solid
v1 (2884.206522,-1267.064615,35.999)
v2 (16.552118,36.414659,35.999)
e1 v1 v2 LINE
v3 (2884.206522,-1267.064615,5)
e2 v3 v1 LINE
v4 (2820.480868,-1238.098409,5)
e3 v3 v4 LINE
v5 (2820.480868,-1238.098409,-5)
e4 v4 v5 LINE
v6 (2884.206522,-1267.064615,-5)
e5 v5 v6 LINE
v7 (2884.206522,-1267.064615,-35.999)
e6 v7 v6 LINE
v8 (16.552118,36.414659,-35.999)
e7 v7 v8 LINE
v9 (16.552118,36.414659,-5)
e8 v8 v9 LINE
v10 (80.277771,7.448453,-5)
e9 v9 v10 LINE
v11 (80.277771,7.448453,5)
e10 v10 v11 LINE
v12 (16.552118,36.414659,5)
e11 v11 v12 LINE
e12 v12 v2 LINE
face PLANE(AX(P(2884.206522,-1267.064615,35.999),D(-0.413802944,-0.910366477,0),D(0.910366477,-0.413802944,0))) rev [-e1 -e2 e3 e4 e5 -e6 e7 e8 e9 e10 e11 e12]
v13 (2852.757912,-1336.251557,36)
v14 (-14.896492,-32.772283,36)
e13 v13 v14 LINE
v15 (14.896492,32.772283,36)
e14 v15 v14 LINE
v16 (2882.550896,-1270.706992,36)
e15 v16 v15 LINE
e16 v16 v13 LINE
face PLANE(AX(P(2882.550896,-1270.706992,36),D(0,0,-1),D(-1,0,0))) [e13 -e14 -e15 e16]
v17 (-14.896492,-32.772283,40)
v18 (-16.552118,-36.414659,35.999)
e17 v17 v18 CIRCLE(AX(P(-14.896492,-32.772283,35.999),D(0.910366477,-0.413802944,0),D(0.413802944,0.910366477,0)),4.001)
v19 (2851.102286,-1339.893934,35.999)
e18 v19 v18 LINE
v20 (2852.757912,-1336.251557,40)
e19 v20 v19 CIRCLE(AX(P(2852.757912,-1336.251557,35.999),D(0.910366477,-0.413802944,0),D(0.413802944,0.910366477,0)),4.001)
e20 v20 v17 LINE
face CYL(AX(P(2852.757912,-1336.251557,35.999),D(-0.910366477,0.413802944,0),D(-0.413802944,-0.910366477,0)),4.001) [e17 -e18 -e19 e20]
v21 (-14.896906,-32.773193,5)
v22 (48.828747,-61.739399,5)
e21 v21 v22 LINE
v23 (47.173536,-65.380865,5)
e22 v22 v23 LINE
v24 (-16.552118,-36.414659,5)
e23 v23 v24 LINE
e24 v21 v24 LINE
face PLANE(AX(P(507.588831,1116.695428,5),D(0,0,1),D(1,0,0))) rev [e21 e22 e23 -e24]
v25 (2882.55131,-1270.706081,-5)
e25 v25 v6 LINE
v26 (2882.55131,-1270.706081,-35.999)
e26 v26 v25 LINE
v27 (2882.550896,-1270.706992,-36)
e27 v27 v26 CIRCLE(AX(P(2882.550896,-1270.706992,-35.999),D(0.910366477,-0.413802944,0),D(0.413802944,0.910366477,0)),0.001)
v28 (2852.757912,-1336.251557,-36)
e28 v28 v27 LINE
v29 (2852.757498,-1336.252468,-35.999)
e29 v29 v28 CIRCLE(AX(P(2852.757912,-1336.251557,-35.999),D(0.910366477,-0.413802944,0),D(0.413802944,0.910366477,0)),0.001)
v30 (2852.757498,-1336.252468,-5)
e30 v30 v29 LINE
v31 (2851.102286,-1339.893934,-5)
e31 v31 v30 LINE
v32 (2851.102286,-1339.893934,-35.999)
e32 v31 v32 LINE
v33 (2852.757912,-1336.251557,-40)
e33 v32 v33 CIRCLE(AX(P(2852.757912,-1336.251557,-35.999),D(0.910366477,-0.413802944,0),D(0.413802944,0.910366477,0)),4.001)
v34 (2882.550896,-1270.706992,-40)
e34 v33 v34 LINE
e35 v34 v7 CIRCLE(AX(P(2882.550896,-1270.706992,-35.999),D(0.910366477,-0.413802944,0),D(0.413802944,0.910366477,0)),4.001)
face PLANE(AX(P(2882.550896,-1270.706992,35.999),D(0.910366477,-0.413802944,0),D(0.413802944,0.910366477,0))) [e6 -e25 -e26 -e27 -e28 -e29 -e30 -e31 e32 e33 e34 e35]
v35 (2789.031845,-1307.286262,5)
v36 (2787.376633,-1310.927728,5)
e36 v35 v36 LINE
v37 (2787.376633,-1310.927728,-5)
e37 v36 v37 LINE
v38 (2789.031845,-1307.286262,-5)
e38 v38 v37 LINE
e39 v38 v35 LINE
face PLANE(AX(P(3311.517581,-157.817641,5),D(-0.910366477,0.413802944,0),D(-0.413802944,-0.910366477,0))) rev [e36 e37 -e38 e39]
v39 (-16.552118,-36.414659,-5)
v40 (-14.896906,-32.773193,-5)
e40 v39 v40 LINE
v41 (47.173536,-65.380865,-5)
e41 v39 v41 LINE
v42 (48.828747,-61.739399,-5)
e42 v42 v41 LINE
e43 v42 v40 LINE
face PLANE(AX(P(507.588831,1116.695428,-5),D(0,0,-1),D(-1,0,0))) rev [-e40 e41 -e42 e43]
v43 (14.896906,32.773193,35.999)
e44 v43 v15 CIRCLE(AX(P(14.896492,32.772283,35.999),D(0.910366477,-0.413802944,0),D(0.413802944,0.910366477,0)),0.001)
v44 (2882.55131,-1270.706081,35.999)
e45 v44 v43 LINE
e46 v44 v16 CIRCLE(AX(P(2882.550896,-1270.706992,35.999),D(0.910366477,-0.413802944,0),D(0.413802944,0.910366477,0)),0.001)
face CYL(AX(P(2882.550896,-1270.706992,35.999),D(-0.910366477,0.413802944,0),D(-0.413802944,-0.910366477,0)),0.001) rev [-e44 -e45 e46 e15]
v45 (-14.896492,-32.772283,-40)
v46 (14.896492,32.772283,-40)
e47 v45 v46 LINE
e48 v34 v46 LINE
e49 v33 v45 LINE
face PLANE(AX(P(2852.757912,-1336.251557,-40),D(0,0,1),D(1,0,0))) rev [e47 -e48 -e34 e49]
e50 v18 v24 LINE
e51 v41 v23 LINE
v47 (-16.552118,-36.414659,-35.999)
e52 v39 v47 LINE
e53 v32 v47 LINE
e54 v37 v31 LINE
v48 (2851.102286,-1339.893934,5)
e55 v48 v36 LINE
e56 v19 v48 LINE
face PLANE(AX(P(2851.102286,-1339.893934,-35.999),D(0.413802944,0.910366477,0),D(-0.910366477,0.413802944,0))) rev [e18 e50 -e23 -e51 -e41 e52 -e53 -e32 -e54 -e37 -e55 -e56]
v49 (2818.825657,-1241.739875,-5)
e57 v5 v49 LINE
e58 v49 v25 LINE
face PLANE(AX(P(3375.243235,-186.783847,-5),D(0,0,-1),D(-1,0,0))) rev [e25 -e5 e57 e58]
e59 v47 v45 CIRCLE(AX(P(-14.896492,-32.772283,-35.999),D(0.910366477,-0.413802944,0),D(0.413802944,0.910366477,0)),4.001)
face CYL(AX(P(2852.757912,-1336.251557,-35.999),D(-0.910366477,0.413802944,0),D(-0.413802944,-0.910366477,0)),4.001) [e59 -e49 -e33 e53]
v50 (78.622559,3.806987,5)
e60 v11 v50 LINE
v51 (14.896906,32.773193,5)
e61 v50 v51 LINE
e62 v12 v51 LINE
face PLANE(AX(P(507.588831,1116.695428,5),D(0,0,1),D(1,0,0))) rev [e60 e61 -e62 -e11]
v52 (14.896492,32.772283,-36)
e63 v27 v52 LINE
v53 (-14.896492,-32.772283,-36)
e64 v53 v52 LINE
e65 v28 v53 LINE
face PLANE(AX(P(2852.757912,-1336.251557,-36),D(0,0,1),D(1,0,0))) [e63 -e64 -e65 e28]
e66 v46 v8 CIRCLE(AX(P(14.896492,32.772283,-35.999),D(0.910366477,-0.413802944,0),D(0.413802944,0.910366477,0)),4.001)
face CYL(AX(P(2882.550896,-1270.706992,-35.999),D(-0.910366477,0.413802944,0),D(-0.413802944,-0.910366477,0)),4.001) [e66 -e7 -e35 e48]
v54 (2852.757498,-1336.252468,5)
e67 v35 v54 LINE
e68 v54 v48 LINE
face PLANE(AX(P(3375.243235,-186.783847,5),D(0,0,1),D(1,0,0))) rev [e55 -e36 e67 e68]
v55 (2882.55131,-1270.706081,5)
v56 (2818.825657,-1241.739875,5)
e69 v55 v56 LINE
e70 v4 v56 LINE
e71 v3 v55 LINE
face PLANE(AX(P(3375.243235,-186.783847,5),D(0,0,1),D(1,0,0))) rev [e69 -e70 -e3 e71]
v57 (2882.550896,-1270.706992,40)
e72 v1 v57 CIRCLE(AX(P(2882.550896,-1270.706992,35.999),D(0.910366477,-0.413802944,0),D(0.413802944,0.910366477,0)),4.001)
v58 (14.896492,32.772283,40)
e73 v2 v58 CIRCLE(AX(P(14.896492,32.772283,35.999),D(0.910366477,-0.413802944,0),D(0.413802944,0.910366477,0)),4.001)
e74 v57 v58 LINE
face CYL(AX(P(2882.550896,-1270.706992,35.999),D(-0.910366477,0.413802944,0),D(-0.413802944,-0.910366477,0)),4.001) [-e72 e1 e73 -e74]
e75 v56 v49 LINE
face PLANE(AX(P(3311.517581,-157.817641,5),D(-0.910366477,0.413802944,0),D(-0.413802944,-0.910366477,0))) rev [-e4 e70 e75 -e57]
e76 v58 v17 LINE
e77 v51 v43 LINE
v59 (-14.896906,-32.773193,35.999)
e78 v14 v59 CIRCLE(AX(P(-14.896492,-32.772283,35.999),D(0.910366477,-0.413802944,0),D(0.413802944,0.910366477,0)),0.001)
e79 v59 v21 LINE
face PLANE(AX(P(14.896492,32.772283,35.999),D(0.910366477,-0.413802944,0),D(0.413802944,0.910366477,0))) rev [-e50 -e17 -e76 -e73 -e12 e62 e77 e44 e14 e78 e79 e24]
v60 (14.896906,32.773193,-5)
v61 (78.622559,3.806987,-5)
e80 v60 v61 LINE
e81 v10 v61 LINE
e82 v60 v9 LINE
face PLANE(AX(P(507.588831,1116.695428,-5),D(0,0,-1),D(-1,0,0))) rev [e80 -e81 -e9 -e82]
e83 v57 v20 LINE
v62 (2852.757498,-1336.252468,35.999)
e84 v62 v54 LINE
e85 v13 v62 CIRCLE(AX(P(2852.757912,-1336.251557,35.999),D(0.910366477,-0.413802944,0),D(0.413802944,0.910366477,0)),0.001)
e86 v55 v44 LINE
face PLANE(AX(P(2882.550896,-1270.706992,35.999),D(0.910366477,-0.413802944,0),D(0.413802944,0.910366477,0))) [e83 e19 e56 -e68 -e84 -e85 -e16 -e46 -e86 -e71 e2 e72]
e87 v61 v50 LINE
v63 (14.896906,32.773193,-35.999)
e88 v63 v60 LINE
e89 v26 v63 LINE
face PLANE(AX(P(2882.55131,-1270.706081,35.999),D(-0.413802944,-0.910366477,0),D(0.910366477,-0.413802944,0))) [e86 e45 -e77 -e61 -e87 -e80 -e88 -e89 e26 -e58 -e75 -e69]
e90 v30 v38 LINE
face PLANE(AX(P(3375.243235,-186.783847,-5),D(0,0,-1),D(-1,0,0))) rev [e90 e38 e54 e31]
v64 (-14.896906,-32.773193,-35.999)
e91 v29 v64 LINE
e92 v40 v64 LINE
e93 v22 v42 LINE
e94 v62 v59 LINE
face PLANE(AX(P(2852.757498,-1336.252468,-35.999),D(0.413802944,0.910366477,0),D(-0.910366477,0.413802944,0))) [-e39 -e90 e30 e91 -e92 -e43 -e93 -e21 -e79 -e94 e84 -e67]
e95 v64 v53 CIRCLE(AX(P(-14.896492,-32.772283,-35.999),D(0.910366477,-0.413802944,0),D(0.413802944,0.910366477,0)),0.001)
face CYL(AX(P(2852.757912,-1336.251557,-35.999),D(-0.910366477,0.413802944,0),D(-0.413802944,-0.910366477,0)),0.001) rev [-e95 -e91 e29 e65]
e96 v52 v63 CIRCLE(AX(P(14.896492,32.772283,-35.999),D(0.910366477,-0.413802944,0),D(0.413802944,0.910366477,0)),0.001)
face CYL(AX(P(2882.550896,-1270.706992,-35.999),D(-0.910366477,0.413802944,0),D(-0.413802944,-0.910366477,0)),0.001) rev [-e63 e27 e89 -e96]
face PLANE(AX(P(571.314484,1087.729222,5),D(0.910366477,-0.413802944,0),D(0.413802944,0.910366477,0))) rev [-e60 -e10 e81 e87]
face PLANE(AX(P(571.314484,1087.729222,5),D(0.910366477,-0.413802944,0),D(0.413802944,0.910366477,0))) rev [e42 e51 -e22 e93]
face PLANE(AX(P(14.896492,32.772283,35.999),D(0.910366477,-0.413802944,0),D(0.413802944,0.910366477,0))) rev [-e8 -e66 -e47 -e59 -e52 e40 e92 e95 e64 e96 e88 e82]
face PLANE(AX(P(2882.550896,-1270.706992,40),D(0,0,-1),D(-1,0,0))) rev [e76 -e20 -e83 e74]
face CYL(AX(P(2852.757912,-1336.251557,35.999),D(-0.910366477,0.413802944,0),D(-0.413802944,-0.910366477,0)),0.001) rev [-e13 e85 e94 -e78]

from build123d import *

# Parameters (mm, degrees)
F_8639_82_80_X_80_X_4_0_1_DEPTH = 3150
SKETCH_3_W                      = 70
SKETCH_3_H                      = 10
CUT_EXTRUDE_1_DEPTH             = 3181.418039206


with BuildPart() as part:
    # Sketch11 → Квадратная труба гост 8639-82 _80 X 80 X 4.0(1) (new body)
    with BuildSketch(Plane(origin=(0, 0, 0), x_dir=(0.413802944301184, 0.9103664774626047, 0), z_dir=(0.9103664774626047, -0.413802944301184, 0))):
        with BuildLine():
            Line((-35.999, -40), (35.999, -40))
            ThreePointArc((35.999, -40), (38.828134232, -38.828134232), (40, -35.999))
            Line((40, -35.999), (40, 35.999))
            ThreePointArc((40, 35.999), (38.828134232, 38.828134232), (35.999, 40))
            Line((35.999, 40), (-35.999, 40))
            ThreePointArc((-35.999, 40), (-38.828134232, 38.828134232), (-40, 35.999))
            Line((-40, 35.999), (-40, -35.999))
            ThreePointArc((-40, -35.999), (-38.828134232, -38.828134232), (-35.999, -40))
        make_face()
        with BuildLine():
            Line((-35.999, -36), (35.999, -36))
            ThreePointArc((35.999, -36), (35.999707107, -35.999707107), (36, -35.999))
            Line((36, -35.999), (36, 35.999))
            ThreePointArc((36, 35.999), (35.999707107, 35.999707107), (35.999, 36))
            Line((35.999, 36), (-35.999, 36))
            ThreePointArc((-35.999, 36), (-35.999707107, 35.999707107), (-36, 35.999))
            Line((-36, 35.999), (-36, -35.999))
            ThreePointArc((-36, -35.999), (-35.999707107, -35.999707107), (-35.999, -36))
        make_face(mode=Mode.SUBTRACT)
    extrude(amount=F_8639_82_80_X_80_X_4_0_1_DEPTH)

    # Эскиз3 → Вырез-Вытянуть1 (cut, through all)
    with BuildSketch(Plane(origin=(-16.552117772, -36.414659099, 0), x_dir=(0.9103664774626047, -0.413802944301184, 0), z_dir=(-0.41380294430118403, -0.9103664774626048, 0))):
        with Locations((35, 0)):
            Rectangle(SKETCH_3_W, SKETCH_3_H)
        with Locations((3115, 0)):
            Rectangle(SKETCH_3_W, SKETCH_3_H)
    extrude(amount=-CUT_EXTRUDE_1_DEPTH, mode=Mode.SUBTRACT)


solid = part.part
